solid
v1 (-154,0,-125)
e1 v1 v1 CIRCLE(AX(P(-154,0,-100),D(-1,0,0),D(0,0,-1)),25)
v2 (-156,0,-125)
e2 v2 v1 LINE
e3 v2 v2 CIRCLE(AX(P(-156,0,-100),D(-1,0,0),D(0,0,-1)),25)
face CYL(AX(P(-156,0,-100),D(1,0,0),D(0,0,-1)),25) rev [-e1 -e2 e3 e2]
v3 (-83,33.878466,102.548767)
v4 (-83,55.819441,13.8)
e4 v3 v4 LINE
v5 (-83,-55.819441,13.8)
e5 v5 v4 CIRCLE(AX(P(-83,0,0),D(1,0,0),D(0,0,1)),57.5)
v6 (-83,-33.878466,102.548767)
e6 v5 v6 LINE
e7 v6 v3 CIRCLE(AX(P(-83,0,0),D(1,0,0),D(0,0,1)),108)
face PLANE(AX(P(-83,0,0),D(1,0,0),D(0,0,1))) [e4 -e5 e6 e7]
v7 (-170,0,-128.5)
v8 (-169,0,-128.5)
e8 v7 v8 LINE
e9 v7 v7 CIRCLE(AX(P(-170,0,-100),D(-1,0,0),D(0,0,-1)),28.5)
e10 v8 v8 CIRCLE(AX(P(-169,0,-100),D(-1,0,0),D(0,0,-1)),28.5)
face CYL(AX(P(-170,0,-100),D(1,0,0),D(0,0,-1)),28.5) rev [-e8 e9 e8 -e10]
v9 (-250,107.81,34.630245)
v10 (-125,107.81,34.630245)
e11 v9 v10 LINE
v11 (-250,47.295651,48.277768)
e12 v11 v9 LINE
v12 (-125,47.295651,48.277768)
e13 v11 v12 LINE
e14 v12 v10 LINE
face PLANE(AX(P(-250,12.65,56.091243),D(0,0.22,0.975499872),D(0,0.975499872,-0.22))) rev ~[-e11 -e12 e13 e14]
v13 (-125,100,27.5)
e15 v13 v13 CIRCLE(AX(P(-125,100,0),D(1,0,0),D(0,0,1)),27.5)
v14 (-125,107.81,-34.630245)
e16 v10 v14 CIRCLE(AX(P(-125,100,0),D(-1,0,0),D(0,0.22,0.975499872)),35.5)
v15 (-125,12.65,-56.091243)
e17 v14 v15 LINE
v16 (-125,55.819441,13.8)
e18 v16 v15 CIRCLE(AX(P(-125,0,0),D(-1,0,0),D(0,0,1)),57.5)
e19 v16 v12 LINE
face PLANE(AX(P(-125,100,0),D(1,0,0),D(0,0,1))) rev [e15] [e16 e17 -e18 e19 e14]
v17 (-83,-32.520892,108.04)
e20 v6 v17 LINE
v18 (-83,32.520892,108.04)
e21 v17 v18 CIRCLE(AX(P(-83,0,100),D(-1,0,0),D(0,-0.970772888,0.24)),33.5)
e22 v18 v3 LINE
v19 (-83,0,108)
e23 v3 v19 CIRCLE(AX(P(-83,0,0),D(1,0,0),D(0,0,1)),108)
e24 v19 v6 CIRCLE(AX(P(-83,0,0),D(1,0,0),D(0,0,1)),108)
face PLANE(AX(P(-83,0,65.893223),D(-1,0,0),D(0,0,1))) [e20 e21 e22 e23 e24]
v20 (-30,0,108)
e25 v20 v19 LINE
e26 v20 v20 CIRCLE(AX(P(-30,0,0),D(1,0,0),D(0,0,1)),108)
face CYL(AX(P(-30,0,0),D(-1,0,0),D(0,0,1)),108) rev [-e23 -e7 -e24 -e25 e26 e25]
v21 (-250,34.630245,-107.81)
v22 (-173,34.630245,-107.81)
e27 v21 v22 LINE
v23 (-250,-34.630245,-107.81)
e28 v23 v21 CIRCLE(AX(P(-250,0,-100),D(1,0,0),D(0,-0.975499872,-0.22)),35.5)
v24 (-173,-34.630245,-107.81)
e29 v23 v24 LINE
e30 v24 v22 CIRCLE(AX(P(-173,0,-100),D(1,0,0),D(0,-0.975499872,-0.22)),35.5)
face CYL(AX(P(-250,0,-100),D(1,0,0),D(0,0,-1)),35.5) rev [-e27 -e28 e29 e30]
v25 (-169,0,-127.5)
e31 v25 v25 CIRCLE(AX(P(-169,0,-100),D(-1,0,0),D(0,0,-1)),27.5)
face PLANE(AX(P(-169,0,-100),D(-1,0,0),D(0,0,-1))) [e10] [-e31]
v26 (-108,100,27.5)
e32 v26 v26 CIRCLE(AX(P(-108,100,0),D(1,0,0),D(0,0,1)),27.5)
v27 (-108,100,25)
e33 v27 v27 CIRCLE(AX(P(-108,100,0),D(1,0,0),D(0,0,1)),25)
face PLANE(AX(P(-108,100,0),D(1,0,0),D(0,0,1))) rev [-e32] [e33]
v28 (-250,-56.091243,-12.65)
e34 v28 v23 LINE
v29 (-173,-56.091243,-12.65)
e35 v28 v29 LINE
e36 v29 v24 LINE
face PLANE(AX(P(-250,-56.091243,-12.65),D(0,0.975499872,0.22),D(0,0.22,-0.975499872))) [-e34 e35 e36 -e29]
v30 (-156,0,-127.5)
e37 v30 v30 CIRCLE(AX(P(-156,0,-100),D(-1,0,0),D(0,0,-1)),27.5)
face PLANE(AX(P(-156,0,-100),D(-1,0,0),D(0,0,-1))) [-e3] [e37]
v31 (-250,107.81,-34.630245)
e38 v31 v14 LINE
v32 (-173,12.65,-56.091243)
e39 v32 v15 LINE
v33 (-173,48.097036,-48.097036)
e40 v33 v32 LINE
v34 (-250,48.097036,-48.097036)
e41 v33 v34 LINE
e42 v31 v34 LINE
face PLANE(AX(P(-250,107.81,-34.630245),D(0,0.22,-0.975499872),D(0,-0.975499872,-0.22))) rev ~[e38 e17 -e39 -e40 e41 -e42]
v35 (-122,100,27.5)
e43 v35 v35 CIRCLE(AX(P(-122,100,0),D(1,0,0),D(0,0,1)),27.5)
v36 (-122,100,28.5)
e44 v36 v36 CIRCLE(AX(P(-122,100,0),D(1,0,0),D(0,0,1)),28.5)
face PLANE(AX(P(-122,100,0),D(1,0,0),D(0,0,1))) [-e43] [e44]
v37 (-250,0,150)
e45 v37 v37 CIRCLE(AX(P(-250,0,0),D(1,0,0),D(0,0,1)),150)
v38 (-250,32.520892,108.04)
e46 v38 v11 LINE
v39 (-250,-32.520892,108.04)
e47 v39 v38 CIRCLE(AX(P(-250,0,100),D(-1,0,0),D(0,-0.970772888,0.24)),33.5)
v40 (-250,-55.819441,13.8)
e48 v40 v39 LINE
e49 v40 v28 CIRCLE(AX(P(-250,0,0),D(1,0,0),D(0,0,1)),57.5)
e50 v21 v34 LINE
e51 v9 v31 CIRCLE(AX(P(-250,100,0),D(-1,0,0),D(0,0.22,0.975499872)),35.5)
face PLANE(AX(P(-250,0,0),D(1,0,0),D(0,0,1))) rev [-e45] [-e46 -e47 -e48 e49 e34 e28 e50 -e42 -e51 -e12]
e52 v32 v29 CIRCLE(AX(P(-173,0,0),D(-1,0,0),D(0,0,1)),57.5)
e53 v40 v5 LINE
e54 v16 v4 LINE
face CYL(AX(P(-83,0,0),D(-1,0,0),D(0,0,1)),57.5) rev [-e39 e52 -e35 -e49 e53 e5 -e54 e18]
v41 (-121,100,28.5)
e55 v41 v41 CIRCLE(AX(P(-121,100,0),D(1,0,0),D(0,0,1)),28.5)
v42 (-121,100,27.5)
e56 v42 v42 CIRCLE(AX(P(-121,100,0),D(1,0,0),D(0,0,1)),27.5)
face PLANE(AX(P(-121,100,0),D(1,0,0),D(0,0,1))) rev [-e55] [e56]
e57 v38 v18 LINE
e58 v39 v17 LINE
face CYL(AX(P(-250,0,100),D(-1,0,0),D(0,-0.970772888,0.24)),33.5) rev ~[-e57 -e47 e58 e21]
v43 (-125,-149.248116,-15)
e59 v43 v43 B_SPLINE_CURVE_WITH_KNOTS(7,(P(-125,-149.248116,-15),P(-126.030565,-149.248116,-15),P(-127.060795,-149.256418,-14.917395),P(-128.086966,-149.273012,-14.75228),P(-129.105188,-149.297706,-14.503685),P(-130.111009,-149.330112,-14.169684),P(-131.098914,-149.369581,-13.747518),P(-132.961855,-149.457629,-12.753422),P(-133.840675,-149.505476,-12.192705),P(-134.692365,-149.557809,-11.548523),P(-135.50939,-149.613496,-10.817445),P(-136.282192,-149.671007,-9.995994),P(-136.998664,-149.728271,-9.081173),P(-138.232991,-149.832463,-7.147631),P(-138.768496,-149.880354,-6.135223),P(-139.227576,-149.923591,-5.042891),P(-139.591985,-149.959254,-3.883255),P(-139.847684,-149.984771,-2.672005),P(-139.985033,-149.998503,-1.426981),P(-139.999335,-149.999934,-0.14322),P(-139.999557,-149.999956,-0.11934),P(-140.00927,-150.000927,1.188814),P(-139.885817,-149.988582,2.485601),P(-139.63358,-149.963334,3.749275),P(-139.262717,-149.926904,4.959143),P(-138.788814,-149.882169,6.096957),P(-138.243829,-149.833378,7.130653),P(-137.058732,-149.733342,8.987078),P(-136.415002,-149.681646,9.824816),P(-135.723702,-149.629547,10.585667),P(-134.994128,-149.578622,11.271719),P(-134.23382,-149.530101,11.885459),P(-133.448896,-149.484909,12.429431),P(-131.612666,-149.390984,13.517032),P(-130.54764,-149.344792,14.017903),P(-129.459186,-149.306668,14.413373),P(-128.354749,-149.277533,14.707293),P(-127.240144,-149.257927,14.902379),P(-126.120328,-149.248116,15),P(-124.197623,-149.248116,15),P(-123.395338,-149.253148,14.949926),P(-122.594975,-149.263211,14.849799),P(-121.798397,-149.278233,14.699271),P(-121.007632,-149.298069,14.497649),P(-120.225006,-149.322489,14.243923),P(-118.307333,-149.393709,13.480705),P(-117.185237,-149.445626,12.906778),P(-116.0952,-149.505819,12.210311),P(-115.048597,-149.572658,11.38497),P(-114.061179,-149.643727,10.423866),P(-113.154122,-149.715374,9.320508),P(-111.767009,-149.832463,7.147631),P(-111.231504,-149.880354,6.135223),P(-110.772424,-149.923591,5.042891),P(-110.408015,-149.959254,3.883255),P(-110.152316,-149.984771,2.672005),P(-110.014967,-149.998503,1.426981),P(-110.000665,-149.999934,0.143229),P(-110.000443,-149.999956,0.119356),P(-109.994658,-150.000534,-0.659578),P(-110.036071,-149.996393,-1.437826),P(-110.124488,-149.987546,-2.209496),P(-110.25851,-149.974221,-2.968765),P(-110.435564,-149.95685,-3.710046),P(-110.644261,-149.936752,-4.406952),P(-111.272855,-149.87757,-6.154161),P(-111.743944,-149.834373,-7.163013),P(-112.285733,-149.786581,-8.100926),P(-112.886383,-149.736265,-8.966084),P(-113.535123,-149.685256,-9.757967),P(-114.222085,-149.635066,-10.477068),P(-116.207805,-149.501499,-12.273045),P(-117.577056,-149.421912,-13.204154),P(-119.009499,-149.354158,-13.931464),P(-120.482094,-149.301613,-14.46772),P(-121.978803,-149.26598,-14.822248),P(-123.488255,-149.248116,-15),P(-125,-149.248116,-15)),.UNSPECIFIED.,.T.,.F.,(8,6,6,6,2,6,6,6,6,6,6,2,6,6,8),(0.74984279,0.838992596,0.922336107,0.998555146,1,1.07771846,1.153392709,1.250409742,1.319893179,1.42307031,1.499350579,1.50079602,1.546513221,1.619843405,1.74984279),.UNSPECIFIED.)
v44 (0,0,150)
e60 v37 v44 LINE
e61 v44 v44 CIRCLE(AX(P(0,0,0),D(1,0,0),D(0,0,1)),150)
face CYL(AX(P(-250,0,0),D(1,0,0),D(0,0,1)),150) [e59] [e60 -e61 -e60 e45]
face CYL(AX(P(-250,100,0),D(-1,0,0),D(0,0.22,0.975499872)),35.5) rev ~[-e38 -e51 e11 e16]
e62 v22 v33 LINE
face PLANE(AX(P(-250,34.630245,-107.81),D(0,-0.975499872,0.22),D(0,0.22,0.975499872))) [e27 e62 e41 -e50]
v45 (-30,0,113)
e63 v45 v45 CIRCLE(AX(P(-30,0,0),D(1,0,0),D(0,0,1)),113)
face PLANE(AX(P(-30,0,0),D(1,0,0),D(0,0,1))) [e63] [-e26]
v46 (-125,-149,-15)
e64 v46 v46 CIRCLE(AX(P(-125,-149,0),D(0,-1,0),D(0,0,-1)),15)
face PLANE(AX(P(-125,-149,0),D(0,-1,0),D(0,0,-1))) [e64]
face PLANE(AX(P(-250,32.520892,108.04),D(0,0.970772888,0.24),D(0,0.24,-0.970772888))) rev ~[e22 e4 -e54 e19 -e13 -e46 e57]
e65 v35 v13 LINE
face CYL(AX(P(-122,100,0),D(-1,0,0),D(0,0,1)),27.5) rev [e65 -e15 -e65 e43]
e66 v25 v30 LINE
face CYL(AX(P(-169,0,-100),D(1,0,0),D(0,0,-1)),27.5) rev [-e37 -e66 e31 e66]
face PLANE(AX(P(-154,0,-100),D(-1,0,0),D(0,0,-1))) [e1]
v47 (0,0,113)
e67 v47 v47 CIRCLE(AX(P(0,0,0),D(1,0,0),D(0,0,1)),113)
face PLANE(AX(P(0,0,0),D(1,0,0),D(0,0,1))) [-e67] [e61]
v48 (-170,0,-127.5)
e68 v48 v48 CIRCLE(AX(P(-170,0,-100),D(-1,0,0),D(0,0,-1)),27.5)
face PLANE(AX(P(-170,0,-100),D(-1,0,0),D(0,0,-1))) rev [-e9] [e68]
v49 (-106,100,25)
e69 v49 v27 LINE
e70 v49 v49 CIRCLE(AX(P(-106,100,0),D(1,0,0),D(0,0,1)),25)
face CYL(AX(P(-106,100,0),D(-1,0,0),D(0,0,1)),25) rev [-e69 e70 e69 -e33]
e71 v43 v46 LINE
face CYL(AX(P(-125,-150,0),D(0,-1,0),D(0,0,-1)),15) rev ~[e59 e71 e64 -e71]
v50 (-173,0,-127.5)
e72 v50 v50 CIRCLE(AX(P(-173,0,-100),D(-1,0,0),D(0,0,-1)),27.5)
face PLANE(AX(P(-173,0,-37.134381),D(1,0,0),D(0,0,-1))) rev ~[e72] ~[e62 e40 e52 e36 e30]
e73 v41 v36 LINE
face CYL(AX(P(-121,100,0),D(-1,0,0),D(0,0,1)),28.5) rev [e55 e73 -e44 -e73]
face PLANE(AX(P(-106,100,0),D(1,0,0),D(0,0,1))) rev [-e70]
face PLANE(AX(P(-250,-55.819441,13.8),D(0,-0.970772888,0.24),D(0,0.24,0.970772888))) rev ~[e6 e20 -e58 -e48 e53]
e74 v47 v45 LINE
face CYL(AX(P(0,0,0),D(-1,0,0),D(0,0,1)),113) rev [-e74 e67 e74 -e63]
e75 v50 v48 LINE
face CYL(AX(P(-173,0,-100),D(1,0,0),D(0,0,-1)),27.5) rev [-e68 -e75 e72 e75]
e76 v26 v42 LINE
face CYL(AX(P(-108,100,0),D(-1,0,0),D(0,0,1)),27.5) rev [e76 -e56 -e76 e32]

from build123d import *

# Parameters (mm, degrees)
EXTRUDE1_DEPTH = 167
EXTRUDE2_DEPTH = 125
EXTRUDE3_DEPTH = 77
SKETCH10_R     = 15
EXTRUDE4_DEPTH = 1


with BuildPart() as part:
    # Sketch1 → Revolve1 (revolve)
    with BuildSketch(Plane.XY, mode=Mode.PRIVATE) as revolve1_sk:
        Polygon((0, 113), (-30, 113), (-30, 108), (-83, 108), (-83, 57.5), (-250, 57.5), (-250, 150), (0, 150), align=None)
    revolve(revolve1_sk.sketch.rotate(Axis((0, 0, 0), (1, 0, 0)), 90), axis=Axis((0, 0, 0), (1, 0, 0)))

    # Sketch2 → Extrude1 (cut)
    with BuildSketch(Plane.ZY.offset(250)):
        with BuildLine():
            Line((13.8, -55.819441058), (108.04, -32.520891747))
            ThreePointArc((108.04, -32.520891747), (133.5, 0), (108.04, 32.520891747))
            Line((108.04, 32.520891747), (13.8, 55.819441058))
            ThreePointArc((13.8, 55.819441058), (57.5, 0), (13.8, -55.819441058))
        make_face()
    extrude(amount=-EXTRUDE1_DEPTH, mode=Mode.SUBTRACT)

    # Sketch5 → Cut-Revolve1 (revolve, cut)
    with BuildSketch(Plane.XY, mode=Mode.PRIVATE) as cut_revolve1_sk:
        Polygon((-125, 135.5), (-262.537169633, 135.5), (-262.537169633, 100), (-106, 100), (-106, 125), (-108, 125), (-108, 127.5), (-121, 127.5), (-121, 128.5), (-122, 128.5), (-122, 127.5), (-125, 127.5), align=None)
    revolve(cut_revolve1_sk.sketch.rotate(Axis((-262.537169633, 100, 0), (1, 0, 0)), 90), axis=Axis((-262.537169633, 100, 0), (1, 0, 0)), mode=Mode.SUBTRACT)

    # Sketch6 → Extrude2 (cut)
    with BuildSketch(Plane.ZY.offset(250)):
        with BuildLine():
            Line((-34.630245451, 107.81), (-56.091242632, 12.65))
            ThreePointArc((-56.091242632, 12.65), (0, -57.5), (56.091242632, 12.65))
            Line((56.091242632, 12.65), (34.630245451, 107.81))
            ThreePointArc((34.630245451, 107.81), (0, 135.5), (-34.630245451, 107.81))
        make_face()
    extrude(amount=-EXTRUDE2_DEPTH, mode=Mode.SUBTRACT)

    # Sketch7 → Cut-Revolve2 (revolve, cut)
    with BuildSketch(Plane(origin=(0, 0, 0), x_dir=(1, 0, 0), z_dir=(0, 1, 0))):
        Polygon((-250, 135.5), (-173, 135.5), (-173, 127.5), (-170, 127.5), (-170, 128.5), (-169, 128.5), (-169, 127.5), (-156, 127.5), (-156, 125), (-154, 125), (-154, 100), (-250, 100), align=None)
    revolve(axis=Axis((-154, 0, -100), (-1, 0, 0)), mode=Mode.SUBTRACT)

    # Sketch8 → Extrude3 (cut)
    with BuildSketch(Plane.ZY.offset(250)):
        with BuildLine():
            Line((-107.81, 34.630245451), (-12.65, 56.091242632))
            ThreePointArc((-12.65, 56.091242632), (57.5, 0), (-12.65, -56.091242632))
            Line((-12.65, -56.091242632), (-107.81, -34.630245451))
            ThreePointArc((-107.81, -34.630245451), (-135.5, 0), (-107.81, 34.630245451))
        make_face()
    extrude(amount=-EXTRUDE3_DEPTH, mode=Mode.SUBTRACT)

    # Sketch10 → Extrude4 (cut)
    with BuildSketch(Plane(origin=(0, -150, 0), x_dir=(-1, 0, 0), z_dir=(0, -1, 0))):
        with Locations(Location((125, 0, 0), (0, 0, 90))):
            Circle(SKETCH10_R)
    extrude(amount=-EXTRUDE4_DEPTH, mode=Mode.SUBTRACT)


solid = part.part
